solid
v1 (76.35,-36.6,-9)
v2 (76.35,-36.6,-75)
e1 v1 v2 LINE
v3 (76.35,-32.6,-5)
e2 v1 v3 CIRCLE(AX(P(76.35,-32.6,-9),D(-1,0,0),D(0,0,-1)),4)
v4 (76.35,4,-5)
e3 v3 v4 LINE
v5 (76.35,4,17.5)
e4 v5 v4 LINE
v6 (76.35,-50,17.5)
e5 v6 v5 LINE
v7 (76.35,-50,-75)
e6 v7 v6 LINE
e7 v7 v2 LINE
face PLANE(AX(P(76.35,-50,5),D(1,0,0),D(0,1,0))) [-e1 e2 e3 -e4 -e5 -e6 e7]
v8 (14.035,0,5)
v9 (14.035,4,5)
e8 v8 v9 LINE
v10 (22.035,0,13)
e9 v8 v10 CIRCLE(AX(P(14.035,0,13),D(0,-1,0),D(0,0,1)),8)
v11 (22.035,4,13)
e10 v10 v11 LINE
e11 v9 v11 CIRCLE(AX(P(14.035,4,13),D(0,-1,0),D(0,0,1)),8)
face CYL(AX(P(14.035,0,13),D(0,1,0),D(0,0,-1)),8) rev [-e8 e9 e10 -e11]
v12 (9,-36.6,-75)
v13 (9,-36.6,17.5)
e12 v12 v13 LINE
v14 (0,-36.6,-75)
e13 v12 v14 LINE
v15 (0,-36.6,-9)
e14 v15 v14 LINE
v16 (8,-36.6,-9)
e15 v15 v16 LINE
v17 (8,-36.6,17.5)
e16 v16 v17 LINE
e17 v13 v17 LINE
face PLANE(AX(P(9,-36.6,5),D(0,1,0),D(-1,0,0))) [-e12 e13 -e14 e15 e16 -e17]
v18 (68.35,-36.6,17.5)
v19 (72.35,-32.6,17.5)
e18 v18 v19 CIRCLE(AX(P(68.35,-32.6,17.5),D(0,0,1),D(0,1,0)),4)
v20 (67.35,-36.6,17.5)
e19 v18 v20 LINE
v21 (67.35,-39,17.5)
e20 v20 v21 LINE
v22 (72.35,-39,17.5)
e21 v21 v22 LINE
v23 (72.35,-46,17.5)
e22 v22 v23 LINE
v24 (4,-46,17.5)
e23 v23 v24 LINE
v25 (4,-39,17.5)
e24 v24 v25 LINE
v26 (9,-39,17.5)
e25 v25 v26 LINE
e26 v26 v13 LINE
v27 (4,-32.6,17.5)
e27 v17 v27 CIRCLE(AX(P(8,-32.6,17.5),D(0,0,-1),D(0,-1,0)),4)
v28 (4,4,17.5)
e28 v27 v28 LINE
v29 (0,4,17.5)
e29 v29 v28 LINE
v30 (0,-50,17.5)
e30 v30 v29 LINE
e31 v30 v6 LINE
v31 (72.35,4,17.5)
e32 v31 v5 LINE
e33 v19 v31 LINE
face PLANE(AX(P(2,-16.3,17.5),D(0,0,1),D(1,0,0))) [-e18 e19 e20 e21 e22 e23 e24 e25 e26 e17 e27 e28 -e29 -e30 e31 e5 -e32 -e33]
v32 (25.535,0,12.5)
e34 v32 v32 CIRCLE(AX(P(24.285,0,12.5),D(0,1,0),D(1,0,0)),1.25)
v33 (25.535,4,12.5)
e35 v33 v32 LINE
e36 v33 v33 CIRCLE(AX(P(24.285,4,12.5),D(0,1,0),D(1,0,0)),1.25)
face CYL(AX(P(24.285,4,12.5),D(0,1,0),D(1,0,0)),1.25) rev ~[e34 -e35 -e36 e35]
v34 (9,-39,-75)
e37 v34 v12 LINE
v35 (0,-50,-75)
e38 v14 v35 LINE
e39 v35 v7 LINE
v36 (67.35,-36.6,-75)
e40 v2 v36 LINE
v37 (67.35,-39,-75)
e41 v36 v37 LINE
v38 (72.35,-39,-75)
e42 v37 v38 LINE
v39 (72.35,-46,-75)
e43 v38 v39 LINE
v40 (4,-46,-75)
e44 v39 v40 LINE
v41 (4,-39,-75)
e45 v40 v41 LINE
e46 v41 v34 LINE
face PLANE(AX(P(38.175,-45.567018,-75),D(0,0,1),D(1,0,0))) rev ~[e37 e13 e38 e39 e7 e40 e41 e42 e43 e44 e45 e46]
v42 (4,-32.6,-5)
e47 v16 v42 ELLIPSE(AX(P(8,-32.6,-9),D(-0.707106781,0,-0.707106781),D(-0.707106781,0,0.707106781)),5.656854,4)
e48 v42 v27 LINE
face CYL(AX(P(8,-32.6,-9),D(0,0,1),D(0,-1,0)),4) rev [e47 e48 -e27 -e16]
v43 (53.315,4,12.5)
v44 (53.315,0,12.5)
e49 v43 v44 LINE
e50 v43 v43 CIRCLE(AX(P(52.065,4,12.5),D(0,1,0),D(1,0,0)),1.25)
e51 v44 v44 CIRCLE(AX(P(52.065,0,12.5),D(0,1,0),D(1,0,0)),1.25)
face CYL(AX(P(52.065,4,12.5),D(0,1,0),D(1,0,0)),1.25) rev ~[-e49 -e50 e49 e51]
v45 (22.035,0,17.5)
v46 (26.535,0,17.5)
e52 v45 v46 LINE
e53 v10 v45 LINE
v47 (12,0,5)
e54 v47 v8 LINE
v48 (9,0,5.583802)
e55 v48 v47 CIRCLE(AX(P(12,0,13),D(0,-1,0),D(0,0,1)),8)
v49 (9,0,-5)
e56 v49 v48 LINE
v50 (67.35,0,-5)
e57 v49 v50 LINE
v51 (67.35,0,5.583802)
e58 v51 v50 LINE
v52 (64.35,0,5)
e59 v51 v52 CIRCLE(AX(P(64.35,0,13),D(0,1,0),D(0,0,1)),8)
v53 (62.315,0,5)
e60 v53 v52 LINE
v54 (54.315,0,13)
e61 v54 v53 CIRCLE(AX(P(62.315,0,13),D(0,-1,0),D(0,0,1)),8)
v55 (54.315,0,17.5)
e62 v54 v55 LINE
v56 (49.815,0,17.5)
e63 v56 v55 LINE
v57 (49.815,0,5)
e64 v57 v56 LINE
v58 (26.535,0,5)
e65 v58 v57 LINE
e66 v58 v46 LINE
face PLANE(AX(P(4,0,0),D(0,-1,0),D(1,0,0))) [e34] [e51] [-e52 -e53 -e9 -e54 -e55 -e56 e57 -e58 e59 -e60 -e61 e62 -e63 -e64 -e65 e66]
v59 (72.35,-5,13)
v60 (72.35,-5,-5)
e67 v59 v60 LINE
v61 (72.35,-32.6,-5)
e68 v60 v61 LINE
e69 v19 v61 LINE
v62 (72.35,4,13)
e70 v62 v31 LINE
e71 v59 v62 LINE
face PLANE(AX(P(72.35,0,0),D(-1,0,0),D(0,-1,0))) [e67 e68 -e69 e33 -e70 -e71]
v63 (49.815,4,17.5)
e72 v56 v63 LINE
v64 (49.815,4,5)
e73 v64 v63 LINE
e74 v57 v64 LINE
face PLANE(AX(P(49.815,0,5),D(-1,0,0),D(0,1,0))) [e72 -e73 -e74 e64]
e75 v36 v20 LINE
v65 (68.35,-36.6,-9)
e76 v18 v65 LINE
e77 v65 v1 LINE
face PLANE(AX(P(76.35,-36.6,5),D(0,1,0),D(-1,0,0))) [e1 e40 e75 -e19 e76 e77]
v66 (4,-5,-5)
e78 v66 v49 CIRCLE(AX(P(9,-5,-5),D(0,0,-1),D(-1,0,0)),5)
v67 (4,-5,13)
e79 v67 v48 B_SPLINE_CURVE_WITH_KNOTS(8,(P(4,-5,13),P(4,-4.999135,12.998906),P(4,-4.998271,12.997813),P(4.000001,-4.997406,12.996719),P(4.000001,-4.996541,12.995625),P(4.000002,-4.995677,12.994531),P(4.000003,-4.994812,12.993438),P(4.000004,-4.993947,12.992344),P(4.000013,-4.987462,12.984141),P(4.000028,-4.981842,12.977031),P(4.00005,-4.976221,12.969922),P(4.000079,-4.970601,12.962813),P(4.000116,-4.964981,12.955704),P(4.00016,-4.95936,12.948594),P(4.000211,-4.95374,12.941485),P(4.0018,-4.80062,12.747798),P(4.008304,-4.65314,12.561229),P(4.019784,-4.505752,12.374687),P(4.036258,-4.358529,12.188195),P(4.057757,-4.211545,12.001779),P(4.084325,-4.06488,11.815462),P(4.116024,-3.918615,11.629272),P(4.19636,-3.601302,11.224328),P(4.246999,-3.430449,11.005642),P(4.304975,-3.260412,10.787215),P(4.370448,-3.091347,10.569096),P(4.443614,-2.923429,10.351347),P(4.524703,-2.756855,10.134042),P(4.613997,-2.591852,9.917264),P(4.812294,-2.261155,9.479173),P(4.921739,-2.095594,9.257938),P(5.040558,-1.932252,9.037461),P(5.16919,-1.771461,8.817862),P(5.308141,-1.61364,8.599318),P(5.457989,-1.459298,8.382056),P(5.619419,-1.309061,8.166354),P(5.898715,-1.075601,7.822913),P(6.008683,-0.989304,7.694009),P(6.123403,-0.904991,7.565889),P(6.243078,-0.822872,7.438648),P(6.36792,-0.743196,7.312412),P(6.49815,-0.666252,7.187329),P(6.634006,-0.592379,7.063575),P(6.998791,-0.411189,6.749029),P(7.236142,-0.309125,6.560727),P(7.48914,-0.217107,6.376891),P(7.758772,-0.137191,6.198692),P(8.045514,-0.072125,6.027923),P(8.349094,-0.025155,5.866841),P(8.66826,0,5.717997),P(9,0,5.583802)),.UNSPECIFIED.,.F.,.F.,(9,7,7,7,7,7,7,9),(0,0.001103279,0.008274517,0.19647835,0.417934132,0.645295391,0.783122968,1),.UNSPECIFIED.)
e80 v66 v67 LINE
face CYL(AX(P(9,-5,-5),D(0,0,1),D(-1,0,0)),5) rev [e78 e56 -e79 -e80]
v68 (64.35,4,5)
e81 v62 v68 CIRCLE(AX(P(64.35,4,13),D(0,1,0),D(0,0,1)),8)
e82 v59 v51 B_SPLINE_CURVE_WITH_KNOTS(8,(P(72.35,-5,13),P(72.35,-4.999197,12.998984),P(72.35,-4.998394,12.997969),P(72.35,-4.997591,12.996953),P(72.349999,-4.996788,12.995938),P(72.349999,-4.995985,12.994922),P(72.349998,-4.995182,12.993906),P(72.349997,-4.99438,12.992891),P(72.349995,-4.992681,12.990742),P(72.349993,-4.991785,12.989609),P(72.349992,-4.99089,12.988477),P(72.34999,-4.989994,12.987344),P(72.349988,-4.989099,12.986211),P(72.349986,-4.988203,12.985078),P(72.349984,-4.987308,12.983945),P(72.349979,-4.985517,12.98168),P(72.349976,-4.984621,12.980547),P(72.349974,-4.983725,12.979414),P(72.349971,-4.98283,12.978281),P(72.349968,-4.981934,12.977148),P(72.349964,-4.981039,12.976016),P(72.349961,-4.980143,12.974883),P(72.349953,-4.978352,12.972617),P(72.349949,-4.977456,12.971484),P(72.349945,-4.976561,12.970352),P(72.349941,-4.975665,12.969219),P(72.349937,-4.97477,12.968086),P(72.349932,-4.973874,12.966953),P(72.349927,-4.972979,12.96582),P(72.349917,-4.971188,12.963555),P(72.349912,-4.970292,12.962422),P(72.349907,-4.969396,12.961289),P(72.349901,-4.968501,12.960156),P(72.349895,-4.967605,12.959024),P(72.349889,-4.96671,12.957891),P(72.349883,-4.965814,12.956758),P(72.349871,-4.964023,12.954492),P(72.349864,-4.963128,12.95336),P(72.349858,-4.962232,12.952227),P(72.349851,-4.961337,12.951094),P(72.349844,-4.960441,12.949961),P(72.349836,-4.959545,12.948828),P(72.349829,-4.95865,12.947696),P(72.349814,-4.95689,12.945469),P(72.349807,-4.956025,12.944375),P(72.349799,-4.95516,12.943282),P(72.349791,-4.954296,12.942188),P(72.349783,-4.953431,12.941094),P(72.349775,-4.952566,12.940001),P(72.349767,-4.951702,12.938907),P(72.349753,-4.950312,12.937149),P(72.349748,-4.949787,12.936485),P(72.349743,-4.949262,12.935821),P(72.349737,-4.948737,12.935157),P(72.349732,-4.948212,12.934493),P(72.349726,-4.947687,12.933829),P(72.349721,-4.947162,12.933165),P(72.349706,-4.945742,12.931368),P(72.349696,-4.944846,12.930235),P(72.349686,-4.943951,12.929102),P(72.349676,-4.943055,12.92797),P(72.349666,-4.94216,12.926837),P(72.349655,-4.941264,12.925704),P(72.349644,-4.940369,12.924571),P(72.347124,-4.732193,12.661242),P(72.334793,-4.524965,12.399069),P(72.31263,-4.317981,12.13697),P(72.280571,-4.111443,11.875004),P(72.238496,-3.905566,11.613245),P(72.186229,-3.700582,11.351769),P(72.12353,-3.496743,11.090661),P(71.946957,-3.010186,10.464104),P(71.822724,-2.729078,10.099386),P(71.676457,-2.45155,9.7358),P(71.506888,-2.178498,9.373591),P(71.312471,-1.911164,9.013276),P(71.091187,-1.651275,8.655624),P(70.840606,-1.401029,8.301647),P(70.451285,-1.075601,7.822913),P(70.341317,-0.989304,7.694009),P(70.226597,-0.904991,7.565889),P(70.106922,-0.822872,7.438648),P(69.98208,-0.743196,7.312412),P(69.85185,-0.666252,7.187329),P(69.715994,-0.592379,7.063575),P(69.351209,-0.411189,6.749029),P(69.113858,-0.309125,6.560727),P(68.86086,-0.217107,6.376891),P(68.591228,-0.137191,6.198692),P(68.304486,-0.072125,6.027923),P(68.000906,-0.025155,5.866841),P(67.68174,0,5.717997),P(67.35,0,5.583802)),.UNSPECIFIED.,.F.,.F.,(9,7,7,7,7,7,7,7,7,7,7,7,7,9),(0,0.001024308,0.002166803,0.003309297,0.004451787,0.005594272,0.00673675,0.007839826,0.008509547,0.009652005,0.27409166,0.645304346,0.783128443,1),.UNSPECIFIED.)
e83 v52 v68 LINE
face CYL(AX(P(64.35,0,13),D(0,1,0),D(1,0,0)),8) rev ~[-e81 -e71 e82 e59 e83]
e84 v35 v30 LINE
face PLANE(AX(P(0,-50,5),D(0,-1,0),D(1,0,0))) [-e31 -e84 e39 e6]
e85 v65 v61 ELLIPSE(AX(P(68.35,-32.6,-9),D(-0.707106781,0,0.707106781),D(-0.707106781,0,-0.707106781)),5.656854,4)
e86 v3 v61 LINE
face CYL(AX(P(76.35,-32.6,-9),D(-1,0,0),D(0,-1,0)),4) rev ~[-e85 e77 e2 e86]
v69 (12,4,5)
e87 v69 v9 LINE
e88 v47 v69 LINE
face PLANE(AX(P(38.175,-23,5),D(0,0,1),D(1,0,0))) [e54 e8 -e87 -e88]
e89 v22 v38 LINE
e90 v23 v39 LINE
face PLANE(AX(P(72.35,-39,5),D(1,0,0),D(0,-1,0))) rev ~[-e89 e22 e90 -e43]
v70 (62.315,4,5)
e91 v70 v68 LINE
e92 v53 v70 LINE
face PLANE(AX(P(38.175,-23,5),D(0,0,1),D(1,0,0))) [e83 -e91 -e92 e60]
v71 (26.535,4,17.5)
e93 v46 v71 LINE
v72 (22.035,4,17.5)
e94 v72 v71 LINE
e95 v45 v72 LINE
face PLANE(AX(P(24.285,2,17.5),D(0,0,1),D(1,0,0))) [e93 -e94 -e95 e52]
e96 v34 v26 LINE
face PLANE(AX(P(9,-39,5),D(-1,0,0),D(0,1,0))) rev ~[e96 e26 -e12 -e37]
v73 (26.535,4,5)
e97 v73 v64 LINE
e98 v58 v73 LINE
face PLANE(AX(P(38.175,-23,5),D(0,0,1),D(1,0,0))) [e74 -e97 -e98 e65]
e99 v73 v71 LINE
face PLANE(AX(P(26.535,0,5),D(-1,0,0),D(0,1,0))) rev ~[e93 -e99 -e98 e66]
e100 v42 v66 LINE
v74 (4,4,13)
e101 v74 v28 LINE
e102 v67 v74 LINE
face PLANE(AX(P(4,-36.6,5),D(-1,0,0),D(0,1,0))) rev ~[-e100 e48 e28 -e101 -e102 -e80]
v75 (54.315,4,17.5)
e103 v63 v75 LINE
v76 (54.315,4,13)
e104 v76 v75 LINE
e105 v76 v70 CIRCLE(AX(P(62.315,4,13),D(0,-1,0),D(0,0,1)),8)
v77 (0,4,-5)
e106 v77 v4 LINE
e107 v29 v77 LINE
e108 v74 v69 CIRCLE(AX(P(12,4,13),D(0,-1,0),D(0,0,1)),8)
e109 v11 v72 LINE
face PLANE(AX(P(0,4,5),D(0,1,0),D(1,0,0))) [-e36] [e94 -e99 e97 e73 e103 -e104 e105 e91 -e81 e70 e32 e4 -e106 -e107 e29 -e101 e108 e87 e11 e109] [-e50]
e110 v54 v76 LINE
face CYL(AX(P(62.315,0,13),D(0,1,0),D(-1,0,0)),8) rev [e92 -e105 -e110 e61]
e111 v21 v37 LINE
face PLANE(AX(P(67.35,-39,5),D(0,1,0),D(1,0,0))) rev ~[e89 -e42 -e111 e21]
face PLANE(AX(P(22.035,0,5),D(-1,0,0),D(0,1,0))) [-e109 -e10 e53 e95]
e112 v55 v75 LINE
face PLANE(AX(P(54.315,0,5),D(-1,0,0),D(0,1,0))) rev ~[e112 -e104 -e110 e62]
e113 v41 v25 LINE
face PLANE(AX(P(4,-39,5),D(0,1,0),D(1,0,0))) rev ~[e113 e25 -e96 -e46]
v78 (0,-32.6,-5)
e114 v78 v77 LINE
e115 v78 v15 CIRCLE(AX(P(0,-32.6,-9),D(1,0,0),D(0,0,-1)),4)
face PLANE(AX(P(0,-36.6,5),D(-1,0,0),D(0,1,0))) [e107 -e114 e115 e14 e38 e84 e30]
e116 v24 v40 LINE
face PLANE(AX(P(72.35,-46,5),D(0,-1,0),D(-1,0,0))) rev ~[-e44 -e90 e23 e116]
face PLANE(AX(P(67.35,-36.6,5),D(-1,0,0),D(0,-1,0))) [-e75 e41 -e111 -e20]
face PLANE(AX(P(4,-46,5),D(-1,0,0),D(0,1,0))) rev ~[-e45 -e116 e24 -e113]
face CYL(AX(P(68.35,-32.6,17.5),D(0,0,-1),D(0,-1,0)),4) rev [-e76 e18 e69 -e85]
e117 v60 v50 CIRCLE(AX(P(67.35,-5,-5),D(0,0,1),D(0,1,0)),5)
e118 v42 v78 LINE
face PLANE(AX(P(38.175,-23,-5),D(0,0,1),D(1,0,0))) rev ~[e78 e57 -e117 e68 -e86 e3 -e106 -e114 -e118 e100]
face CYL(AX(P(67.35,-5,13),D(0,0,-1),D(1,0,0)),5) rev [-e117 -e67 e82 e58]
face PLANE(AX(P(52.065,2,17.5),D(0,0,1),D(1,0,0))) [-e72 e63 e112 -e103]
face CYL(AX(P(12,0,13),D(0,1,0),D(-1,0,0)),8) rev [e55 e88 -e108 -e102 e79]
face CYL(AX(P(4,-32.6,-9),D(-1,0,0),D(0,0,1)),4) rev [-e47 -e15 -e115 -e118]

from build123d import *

# Parameters (mm, degrees)
EXTRUDE_7_DEPTH      = 5
EXTRUDE_7_DEPTH_BACK = 5
SKETCH_1_W           = 76.35
SKETCH_1_H           = 54
EXTRUDE_8_DEPTH      = 12.5
EXTRUDE_8_DEPTH_BACK = 80
SKETCH_3_W           = 4.5
SKETCH_3_H           = 4
SKETCH_3_W_2         = 4
SKETCH_3_H_2         = 40.6
EXTRUDE_9_DEPTH      = 12.5
SKETCH_5_R           = 1.25
CUT_EXTRUDE_1_DEPTH  = 12.5
FILLET_1_R           = 4
FILLET_2_R           = 4
FILLET_3_R           = 8
FILLET_4_R           = 8
FILLET_5_R           = 8
FILLET_6_R           = 8
FILLET_7_R           = 5
FILLET_8_R           = 5
FILLET_9_R           = 4
FILLET_10_R          = 4


with BuildPart() as part:
    # Эскиз1 → Бобышка-Вытянуть7 (new, two sides: drawn at the far end of the back side and taken through both)
    with BuildSketch(Plane.XY.offset(-EXTRUDE_7_DEPTH_BACK)):
        with Locations((38.175, -23)):
            Rectangle(SKETCH_1_W, SKETCH_1_H)
        Polygon((72.35, 0), (72.35, -36.6), (67.35, -36.6), (67.35, -39), (72.35, -39), (72.35, -46), (4, -46), (4, -39), (9, -39), (9, -36.6), (4, -36.6), (4, 0), align=None, mode=Mode.SUBTRACT)
    extrude(amount=EXTRUDE_7_DEPTH + EXTRUDE_7_DEPTH_BACK)

    # Эскиз2 → Бобышка-Вытянуть8 (add, two sides: drawn at the far end of the back side and taken through both)
    with BuildSketch(Plane.XY.offset(5).offset(-EXTRUDE_8_DEPTH_BACK)):
        Polygon((4, -46), (4, -39), (9, -39), (9, -36.6), (4, -36.6), (0, -36.6), (0, -50), (76.35, -50), (76.35, -36.6), (72.35, -36.6), (67.35, -36.6), (67.35, -39), (72.35, -39), (72.35, -46), align=None)
    extrude(amount=EXTRUDE_8_DEPTH + EXTRUDE_8_DEPTH_BACK)

    # Эскиз3 → Бобышка-Вытянуть9 (add)
    with BuildSketch(Plane.XY.offset(5)):
        with Locations((52.065, 2)):
            Rectangle(SKETCH_3_W, SKETCH_3_H)
        with Locations((24.285, 2)):
            Rectangle(SKETCH_3_W, SKETCH_3_H)
        with Locations((2, -16.3)):
            Rectangle(SKETCH_3_W_2, SKETCH_3_H_2)
        with Locations((74.35, -16.3)):
            Rectangle(SKETCH_3_W_2, SKETCH_3_H_2)
    extrude(amount=EXTRUDE_9_DEPTH)

    # Эскиз5 → Вырез-Вытянуть1 (cut)
    with BuildSketch(Plane(origin=(0, 4, 0), x_dir=(1, 0, 0), z_dir=(0, 1, 0))):
        with Locations((24.285, -12.5)):
            Circle(SKETCH_5_R)
        with Locations((52.065, -12.5)):
            Circle(SKETCH_5_R)
    extrude(amount=-CUT_EXTRUDE_1_DEPTH, mode=Mode.SUBTRACT)

    # Скругление1
    fillet_1_edges = [part.edges().sort_by_distance(p)[0] for p in [
        (2, -36.6, -5),
    ]]
    fillet(fillet_1_edges, radius=FILLET_1_R)

    # Скругление2
    fillet_2_edges = [part.edges().sort_by_distance(p)[0] for p in [
        (74.35, -36.6, -5),
    ]]
    fillet(fillet_2_edges, radius=FILLET_2_R)

    # Скругление3
    fillet_3_edges = [part.edges().sort_by_distance(p)[0] for p in [
        (4, 2, 5),
    ]]
    fillet(fillet_3_edges, radius=FILLET_3_R)

    # Скругление4
    fillet_4_edges = [part.edges().sort_by_distance(p)[0] for p in [
        (72.35, 2, 5),
    ]]
    fillet(fillet_4_edges, radius=FILLET_4_R)

    # Скругление5
    fillet_5_edges = [part.edges().sort_by_distance(p)[0] for p in [
        (22.035, 2, 5),
    ]]
    fillet(fillet_5_edges, radius=FILLET_5_R)

    # Скругление6
    fillet_6_edges = [part.edges().sort_by_distance(p)[0] for p in [
        (54.315, 2, 5),
    ]]
    fillet(fillet_6_edges, radius=FILLET_6_R)

    # Скругление7
    fillet_7_edges = [part.edges().sort_by_distance(p)[0] for p in [
        (72.35, 0, 4),
    ]]
    fillet(fillet_7_edges, radius=FILLET_7_R)

    # Скругление8
    fillet_8_edges = [part.edges().sort_by_distance(p)[0] for p in [
        (4, 0, 4),
    ]]
    fillet(fillet_8_edges, radius=FILLET_8_R)

    # Скругление9
    fillet_9_edges = [part.edges().sort_by_distance(p)[0] for p in [
        (4, -36.6, 4.25),
    ]]
    fillet(fillet_9_edges, radius=FILLET_9_R)

    # Скругление10
    fillet_10_edges = [part.edges().sort_by_distance(p)[0] for p in [
        (72.35, -36.6, 4.25),
    ]]
    fillet(fillet_10_edges, radius=FILLET_10_R)


solid = part.part
